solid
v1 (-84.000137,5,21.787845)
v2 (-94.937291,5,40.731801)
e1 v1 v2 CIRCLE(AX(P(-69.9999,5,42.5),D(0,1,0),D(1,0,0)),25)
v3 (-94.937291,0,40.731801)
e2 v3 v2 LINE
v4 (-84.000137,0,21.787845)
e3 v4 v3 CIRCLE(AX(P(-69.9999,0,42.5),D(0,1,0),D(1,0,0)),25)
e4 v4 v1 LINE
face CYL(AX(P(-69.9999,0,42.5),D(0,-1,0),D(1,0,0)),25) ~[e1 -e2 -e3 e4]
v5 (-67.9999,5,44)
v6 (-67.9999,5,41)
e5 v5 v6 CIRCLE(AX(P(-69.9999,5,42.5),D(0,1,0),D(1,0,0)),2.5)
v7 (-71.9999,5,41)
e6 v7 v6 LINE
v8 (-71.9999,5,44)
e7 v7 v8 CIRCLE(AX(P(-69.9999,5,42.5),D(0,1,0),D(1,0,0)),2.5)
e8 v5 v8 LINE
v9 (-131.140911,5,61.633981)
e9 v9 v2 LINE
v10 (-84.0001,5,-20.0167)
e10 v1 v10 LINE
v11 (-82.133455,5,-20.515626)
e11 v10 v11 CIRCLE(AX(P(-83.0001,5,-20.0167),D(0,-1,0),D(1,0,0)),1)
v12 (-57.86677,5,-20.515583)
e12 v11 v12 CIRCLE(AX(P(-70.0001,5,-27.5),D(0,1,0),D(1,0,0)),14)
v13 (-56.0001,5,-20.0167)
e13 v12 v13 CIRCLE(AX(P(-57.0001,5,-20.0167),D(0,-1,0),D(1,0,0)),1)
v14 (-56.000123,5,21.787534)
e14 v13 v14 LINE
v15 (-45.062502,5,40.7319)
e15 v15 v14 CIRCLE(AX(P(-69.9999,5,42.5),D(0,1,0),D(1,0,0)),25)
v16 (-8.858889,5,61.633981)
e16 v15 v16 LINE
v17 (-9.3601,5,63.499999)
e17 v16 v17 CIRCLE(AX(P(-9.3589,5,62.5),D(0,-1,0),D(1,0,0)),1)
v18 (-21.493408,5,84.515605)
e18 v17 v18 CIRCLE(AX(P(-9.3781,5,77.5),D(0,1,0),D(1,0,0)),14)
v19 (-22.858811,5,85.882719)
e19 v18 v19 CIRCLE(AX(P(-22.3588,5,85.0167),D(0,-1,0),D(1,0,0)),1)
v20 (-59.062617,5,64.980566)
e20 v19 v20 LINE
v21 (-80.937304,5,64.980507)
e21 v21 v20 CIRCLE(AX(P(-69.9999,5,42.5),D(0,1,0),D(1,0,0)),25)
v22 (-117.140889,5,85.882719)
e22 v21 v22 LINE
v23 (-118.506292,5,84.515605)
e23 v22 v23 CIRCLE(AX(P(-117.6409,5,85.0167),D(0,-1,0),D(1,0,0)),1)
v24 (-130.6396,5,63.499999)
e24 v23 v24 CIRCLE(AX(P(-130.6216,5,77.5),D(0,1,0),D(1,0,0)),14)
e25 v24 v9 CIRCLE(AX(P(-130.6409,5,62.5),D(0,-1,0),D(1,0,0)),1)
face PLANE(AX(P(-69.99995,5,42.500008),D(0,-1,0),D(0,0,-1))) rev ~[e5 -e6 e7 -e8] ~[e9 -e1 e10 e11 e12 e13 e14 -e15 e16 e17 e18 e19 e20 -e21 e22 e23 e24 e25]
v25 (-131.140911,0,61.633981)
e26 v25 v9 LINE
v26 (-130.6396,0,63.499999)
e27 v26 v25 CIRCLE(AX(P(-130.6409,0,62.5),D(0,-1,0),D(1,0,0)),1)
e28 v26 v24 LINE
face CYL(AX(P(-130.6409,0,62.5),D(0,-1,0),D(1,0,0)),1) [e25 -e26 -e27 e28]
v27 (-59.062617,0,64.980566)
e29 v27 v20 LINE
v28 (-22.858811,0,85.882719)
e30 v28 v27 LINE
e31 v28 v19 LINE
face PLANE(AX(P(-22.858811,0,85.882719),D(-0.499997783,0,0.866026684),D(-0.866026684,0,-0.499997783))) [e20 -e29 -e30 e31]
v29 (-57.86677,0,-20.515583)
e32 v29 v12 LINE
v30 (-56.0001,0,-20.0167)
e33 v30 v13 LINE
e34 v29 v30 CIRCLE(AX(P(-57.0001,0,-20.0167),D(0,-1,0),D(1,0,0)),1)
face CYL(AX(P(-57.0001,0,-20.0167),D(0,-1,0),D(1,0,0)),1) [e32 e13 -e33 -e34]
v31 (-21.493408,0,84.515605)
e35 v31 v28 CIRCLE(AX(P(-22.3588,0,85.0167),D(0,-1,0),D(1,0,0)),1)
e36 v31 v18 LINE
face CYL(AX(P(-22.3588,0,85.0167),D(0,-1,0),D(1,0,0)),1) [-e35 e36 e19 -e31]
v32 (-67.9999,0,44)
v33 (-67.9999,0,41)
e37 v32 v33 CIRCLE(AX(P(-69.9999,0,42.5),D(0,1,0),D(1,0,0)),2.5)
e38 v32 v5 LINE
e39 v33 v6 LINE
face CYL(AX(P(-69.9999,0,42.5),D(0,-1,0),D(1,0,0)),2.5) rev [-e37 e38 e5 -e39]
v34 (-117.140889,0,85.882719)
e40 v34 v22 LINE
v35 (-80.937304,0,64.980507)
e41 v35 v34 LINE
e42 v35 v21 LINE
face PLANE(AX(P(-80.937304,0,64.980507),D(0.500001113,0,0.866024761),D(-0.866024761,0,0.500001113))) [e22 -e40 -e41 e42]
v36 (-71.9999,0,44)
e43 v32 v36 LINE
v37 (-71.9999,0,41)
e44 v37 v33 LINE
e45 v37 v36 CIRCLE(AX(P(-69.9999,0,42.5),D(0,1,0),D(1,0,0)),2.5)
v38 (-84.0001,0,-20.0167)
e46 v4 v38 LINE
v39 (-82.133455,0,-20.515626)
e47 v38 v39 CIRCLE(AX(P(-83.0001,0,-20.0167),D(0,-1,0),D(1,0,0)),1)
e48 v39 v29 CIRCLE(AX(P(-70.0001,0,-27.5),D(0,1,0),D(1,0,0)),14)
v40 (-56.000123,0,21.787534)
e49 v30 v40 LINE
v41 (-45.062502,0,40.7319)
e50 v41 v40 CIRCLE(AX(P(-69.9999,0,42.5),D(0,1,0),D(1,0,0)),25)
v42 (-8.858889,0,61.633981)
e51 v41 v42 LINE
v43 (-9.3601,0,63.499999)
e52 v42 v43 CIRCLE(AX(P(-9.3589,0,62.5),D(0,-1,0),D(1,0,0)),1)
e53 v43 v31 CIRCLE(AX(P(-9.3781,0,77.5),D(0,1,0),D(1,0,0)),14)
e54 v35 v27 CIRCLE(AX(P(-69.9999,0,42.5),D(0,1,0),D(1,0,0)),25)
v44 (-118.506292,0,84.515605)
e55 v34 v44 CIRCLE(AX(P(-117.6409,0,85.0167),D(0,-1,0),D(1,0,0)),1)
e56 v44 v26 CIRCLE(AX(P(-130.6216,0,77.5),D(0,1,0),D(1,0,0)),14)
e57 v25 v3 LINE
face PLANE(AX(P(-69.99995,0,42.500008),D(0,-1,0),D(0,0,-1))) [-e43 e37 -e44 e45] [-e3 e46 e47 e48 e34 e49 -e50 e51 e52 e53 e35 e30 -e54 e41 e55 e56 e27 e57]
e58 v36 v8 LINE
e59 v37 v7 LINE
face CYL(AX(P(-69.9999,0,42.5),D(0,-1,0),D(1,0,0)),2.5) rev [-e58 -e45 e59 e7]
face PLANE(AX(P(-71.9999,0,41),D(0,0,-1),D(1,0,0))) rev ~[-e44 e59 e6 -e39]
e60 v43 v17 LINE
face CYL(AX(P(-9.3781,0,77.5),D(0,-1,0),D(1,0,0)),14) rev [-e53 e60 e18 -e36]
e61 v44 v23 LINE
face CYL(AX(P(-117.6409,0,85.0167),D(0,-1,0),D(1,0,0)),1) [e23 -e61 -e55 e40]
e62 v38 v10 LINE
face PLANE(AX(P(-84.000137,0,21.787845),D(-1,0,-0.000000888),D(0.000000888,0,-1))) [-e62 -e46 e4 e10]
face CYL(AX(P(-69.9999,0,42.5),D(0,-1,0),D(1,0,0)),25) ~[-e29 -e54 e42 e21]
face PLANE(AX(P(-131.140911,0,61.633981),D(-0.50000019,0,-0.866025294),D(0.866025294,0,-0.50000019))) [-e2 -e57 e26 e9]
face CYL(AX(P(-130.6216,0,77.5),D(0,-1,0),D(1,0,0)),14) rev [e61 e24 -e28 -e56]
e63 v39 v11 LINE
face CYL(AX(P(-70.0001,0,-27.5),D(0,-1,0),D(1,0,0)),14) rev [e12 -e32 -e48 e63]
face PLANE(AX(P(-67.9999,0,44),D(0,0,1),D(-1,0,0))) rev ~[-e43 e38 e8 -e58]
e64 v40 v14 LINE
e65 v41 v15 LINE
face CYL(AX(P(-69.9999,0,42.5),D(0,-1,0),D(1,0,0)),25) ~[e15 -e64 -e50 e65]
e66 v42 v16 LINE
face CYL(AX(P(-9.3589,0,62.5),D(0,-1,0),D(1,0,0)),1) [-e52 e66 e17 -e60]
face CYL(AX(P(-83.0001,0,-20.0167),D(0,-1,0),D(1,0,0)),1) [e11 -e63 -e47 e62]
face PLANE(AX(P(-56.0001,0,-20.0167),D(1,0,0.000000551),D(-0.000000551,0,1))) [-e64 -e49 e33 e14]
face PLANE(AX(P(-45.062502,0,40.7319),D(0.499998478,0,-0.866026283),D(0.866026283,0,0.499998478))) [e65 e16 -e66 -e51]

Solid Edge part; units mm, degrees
sketch "Sketch1" plane through (0, 0, 0) normal (0, -1, 0) x (1, 0, 0)
  line L0 (-80.9373, 64.9805) -> (-117.1409, 85.8827)
  arc A0 (-117.1409, 85.8827) -> (-118.5063, 84.5156) centre (-117.6409, 85.0167) ccw
  arc A1 (-130.6396, 63.5) -> (-131.1409, 61.634) centre (-130.6409, 62.5) ccw
  line L1 (-131.1409, 61.634) -> (-94.9373, 40.7318)
  arc A2 (-84.0001, 21.7879) -> (-94.9373, 40.7318) centre (-69.9999, 42.5) cw
  line L2 (-84.0001, 21.7879) -> (-84.0001, -20.0167)
  arc A3 (-84.0001, -20.0167) -> (-82.1335, -20.5156) centre (-83.0001, -20.0167) ccw
  arc A4 (-57.8668, -20.5156) -> (-56.0001, -20.0167) centre (-57.0001, -20.0167) ccw
  line L3 (-56.0001, -20.0167) -> (-56.0001, 21.7875)
  line L4 (-45.0625, 40.7319) -> (-8.8589, 61.634)
  arc A5 (-8.8589, 61.634) -> (-9.3601, 63.5) centre (-9.3589, 62.5) ccw
  arc A6 (-21.4934, 84.5156) -> (-22.8588, 85.8827) centre (-22.3588, 85.0167) ccw
  line L5 (-22.8588, 85.8827) -> (-59.0626, 64.9806)
  arc A7 (-80.9373, 64.9805) -> (-59.0626, 64.9806) centre (-69.9999, 42.5) cw
  arc A8 (-118.5063, 84.5156) -> (-130.6396, 63.5) centre (-130.6216, 77.5) cw
  arc A9 (-82.1335, -20.5156) -> (-57.8668, -20.5156) centre (-70.0001, -27.5) cw
  arc A10 (-45.0625, 40.7319) -> (-56.0001, 21.7875) centre (-69.9999, 42.5) cw
  arc A11 (-9.3601, 63.5) -> (-21.4934, 84.5156) centre (-9.3781, 77.5) cw
  line L6 (-71.9999, 41) -> (-67.9999, 41)
  arc A12 (-71.9999, 41) -> (-71.9999, 44) centre (-69.9999, 42.5) cw
  line L7 (-67.9999, 44) -> (-71.9999, 44)
  arc A13 (-67.9999, 44) -> (-67.9999, 41) centre (-69.9999, 42.5) cw
extrude "Protrusion1" add sketch "Sketch1" against normal blind 5
